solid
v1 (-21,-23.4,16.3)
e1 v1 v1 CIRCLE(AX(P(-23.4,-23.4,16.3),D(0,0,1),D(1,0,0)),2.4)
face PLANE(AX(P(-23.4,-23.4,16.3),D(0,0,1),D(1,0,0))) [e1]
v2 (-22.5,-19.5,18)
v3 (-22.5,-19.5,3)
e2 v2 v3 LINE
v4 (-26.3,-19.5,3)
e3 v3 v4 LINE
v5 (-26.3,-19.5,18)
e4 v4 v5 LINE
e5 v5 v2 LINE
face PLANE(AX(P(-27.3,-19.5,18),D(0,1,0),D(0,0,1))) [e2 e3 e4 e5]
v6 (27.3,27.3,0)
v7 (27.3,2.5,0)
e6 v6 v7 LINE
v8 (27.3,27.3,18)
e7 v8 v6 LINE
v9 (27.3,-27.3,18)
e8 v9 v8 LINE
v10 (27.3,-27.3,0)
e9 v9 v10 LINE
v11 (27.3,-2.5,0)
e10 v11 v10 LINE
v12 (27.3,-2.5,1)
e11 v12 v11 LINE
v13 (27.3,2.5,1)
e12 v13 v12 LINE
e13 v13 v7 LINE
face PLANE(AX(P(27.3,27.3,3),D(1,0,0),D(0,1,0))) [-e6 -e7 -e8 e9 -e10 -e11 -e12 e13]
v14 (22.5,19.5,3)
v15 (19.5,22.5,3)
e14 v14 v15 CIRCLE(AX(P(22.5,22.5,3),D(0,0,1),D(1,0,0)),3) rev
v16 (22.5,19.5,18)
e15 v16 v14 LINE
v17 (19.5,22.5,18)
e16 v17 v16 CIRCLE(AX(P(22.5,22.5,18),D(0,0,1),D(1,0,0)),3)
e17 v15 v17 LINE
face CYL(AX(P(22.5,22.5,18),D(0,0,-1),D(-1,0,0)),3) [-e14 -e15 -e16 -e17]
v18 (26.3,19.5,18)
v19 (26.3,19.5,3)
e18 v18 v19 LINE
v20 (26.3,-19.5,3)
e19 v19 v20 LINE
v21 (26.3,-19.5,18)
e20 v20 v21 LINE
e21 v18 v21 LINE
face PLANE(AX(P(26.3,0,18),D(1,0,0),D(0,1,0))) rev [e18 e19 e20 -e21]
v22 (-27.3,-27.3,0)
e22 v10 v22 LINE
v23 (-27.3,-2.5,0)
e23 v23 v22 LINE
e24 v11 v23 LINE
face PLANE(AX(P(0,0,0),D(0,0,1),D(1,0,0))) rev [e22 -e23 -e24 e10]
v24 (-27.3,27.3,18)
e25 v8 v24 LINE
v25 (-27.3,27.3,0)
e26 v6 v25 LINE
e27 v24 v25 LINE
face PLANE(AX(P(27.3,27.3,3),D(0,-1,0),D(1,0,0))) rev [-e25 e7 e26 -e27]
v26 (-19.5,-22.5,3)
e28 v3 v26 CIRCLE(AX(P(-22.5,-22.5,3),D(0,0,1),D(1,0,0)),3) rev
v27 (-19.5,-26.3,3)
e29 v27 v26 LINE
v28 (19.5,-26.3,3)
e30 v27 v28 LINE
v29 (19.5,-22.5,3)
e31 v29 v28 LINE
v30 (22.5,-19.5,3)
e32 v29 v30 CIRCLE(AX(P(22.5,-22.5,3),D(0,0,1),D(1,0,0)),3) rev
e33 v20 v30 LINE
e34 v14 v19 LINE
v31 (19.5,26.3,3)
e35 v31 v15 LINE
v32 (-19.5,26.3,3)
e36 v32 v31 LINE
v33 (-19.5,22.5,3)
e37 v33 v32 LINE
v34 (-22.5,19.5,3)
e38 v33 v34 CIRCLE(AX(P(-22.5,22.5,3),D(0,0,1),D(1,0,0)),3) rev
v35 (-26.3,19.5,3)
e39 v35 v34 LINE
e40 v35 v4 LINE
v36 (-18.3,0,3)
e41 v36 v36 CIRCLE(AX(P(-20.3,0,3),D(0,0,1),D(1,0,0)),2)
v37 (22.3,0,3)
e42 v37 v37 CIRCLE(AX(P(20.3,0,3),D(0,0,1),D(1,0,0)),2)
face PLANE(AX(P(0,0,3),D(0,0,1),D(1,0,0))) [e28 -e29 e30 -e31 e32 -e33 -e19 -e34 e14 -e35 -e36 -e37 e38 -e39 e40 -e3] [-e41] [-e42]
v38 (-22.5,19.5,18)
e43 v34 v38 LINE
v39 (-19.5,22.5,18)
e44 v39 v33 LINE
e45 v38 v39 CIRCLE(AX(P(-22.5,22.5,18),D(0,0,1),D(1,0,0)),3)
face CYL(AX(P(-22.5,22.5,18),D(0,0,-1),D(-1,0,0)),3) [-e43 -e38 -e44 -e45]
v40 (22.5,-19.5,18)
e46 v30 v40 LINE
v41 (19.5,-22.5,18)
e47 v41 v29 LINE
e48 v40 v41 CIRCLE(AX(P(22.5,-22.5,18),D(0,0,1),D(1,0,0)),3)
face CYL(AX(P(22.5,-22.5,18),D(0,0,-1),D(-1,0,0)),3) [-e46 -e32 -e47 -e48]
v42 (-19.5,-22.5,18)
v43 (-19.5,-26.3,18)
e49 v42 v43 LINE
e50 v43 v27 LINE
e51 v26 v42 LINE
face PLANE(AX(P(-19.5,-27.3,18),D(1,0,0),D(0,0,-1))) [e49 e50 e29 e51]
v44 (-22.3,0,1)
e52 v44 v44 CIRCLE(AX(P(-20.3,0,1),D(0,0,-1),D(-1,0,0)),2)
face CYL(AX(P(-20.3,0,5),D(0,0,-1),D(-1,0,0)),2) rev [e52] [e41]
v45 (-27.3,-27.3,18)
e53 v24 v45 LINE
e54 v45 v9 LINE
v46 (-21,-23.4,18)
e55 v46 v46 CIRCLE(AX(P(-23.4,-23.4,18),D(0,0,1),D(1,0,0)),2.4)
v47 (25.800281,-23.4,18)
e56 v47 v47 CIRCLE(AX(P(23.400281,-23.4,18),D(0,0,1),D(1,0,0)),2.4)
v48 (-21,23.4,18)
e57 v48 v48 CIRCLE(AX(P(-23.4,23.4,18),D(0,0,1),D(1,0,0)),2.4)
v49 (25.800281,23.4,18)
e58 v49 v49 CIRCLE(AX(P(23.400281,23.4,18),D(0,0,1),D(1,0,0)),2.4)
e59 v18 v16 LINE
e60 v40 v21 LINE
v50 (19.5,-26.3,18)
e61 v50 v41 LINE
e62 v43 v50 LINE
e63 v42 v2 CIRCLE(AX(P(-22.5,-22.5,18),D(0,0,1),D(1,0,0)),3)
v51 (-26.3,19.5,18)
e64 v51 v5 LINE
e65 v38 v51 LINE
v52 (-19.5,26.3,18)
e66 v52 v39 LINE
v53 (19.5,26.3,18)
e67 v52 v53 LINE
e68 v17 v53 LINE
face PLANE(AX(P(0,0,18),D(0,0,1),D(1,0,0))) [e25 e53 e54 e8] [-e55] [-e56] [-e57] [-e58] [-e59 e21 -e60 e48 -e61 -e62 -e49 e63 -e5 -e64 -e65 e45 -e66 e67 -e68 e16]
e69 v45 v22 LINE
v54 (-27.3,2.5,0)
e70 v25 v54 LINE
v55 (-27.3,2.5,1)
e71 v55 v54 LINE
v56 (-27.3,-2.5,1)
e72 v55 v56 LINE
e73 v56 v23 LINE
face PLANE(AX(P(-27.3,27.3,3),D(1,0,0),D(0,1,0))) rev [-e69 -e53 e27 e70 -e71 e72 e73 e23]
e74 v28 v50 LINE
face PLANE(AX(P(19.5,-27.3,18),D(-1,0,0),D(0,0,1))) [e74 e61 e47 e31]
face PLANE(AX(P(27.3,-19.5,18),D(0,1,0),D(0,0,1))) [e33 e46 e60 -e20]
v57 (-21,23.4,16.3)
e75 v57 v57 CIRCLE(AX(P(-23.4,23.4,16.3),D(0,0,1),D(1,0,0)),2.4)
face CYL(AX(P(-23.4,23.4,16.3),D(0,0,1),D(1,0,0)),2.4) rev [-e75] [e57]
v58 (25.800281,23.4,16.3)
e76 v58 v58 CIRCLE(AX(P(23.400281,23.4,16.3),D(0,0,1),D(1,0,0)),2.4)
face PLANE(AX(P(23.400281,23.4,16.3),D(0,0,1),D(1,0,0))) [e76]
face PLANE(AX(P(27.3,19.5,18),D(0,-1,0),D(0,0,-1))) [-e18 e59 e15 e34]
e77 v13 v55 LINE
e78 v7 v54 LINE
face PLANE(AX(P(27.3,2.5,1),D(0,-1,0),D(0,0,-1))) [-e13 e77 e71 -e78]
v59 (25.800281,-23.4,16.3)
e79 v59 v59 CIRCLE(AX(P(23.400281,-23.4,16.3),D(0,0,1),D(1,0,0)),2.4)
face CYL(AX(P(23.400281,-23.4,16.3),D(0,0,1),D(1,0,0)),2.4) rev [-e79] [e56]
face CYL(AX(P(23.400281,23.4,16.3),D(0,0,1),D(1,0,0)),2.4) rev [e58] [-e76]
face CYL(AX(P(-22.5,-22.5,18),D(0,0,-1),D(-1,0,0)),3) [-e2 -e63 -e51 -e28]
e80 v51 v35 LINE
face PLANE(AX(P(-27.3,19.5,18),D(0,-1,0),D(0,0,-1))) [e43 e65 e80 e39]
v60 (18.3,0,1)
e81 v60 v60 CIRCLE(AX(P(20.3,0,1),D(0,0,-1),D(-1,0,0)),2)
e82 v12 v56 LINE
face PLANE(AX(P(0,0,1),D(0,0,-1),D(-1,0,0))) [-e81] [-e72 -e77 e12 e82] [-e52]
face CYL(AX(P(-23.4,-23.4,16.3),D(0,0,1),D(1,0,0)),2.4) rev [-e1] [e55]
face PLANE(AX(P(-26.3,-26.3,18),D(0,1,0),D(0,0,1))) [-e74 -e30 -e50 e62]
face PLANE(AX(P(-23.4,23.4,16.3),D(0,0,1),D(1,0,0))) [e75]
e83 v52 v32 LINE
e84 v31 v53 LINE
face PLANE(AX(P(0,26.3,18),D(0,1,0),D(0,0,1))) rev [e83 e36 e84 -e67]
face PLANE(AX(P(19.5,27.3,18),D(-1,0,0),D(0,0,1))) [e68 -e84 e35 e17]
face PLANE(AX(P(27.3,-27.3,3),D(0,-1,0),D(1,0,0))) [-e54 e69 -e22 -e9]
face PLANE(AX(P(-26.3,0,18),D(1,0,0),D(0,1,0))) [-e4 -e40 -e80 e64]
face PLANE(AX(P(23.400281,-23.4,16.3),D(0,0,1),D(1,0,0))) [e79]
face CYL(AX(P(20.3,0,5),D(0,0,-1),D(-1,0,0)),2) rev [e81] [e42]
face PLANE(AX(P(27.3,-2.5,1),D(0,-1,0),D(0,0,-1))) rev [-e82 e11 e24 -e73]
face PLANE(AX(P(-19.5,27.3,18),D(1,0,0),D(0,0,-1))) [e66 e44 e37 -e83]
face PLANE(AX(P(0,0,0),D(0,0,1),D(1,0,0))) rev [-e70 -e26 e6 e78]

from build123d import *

# Parameters (mm, degrees)
SKICA1_W                 = 54.6
SKICA1_H                 = 54.6
P_IDAT_VYSUNUT_M2_DEPTH  = 3
SKICA5_W                 = 54.6
SKICA5_H                 = 5
ODEBRAT_VYSUNUT_M3_DEPTH = 1
SKICA14_W                = 52.6
SKICA14_H                = 1
P_IDAT_VYSUNUT_M9_DEPTH  = 15
SKICA17_R                = 2
ODEBRAT_VYSUNUT_M8_DEPTH = 4
SKICA19_W                = 7.8
SKICA19_H                = 7.8
P_IDAT_VYSUNUT_M10_DEPTH = 18
SKICA20_R                = 2.4
ODEBRAT_VYSUNUT_M9_DEPTH = 1.7
ZAOBLIT1_R               = 3


with BuildPart() as part:
    # Skica1 → Přidat vysunutím2 (new body)
    with BuildSketch(Plane.XY):
        Rectangle(SKICA1_W, SKICA1_H)
    extrude(amount=P_IDAT_VYSUNUT_M2_DEPTH)

    # Skica5 → Odebrat vysunutím3 (cut)
    with BuildSketch(Plane(origin=(0, 0, 0), x_dir=(-1, 0, 0), z_dir=(0, 0, -1))):
        Rectangle(SKICA5_W, SKICA5_H)
    extrude(amount=-ODEBRAT_VYSUNUT_M3_DEPTH, mode=Mode.SUBTRACT)

    # Skica14 → Přidat vysunutím9 (add)
    with BuildSketch(Plane.XY.offset(3)):
        Polygon((27.3, 27.3), (-27.3, 27.3), (-27.3, -27.3), (-26.3, -27.3), (-26.3, -26.3), (-26.3, 26.3), (26.3, 26.3), (26.3, -26.3), (26.3, -27.3), (27.3, -27.3), align=None)
        with Locations((0, -26.8)):
            Rectangle(SKICA14_W, SKICA14_H)
    extrude(amount=P_IDAT_VYSUNUT_M9_DEPTH)

    # Skica17 → Odebrat vysunutím8 (cut)
    with BuildSketch(Plane(origin=(0, 0, 1), x_dir=(-1, 0, 0), z_dir=(0, 0, -1))):
        with Locations((-20.3, 0)):
            Circle(SKICA17_R)
        with Locations((20.3, 0)):
            Circle(SKICA17_R)
    extrude(amount=-ODEBRAT_VYSUNUT_M8_DEPTH, mode=Mode.SUBTRACT)

    # Skica19 → Přidat vysunutím10 (add)
    with BuildSketch(Plane(origin=(0, 0, 0), x_dir=(-1, 0, 0), z_dir=(0, 0, -1))):
        with Locations((-23.4, 23.4)):
            Rectangle(SKICA19_W, SKICA19_H)
        with Locations((23.4, 23.4)):
            Rectangle(SKICA19_W, SKICA19_H)
        with Locations((-23.4, -23.4)):
            Rectangle(SKICA19_W, SKICA19_H)
        with Locations((23.4, -23.4)):
            Rectangle(SKICA19_W, SKICA19_H)
    extrude(amount=-P_IDAT_VYSUNUT_M10_DEPTH)

    # Skica20 → Odebrat vysunutím9 (cut)
    with BuildSketch(Plane.XY.offset(18)):
        with Locations((-23.4, -23.4)):
            Circle(SKICA20_R)
        with Locations((-23.4, 23.4)):
            Circle(SKICA20_R)
        with Locations((23.400280565, 23.4)):
            Circle(SKICA20_R)
        with Locations((23.400280565, -23.4)):
            Circle(SKICA20_R)
    extrude(amount=-ODEBRAT_VYSUNUT_M9_DEPTH, mode=Mode.SUBTRACT)

    # Zaoblit1
    zaoblit1_edges = [part.edges().sort_by_distance(p)[0] for p in [
        (19.5, -19.5, 10.5),
        (-19.5, -19.5, 10.5),
        (19.5, 19.5, 10.5),
        (-19.5, 19.5, 10.5),
    ]]
    fillet(zaoblit1_edges, radius=ZAOBLIT1_R)


solid = part.part
